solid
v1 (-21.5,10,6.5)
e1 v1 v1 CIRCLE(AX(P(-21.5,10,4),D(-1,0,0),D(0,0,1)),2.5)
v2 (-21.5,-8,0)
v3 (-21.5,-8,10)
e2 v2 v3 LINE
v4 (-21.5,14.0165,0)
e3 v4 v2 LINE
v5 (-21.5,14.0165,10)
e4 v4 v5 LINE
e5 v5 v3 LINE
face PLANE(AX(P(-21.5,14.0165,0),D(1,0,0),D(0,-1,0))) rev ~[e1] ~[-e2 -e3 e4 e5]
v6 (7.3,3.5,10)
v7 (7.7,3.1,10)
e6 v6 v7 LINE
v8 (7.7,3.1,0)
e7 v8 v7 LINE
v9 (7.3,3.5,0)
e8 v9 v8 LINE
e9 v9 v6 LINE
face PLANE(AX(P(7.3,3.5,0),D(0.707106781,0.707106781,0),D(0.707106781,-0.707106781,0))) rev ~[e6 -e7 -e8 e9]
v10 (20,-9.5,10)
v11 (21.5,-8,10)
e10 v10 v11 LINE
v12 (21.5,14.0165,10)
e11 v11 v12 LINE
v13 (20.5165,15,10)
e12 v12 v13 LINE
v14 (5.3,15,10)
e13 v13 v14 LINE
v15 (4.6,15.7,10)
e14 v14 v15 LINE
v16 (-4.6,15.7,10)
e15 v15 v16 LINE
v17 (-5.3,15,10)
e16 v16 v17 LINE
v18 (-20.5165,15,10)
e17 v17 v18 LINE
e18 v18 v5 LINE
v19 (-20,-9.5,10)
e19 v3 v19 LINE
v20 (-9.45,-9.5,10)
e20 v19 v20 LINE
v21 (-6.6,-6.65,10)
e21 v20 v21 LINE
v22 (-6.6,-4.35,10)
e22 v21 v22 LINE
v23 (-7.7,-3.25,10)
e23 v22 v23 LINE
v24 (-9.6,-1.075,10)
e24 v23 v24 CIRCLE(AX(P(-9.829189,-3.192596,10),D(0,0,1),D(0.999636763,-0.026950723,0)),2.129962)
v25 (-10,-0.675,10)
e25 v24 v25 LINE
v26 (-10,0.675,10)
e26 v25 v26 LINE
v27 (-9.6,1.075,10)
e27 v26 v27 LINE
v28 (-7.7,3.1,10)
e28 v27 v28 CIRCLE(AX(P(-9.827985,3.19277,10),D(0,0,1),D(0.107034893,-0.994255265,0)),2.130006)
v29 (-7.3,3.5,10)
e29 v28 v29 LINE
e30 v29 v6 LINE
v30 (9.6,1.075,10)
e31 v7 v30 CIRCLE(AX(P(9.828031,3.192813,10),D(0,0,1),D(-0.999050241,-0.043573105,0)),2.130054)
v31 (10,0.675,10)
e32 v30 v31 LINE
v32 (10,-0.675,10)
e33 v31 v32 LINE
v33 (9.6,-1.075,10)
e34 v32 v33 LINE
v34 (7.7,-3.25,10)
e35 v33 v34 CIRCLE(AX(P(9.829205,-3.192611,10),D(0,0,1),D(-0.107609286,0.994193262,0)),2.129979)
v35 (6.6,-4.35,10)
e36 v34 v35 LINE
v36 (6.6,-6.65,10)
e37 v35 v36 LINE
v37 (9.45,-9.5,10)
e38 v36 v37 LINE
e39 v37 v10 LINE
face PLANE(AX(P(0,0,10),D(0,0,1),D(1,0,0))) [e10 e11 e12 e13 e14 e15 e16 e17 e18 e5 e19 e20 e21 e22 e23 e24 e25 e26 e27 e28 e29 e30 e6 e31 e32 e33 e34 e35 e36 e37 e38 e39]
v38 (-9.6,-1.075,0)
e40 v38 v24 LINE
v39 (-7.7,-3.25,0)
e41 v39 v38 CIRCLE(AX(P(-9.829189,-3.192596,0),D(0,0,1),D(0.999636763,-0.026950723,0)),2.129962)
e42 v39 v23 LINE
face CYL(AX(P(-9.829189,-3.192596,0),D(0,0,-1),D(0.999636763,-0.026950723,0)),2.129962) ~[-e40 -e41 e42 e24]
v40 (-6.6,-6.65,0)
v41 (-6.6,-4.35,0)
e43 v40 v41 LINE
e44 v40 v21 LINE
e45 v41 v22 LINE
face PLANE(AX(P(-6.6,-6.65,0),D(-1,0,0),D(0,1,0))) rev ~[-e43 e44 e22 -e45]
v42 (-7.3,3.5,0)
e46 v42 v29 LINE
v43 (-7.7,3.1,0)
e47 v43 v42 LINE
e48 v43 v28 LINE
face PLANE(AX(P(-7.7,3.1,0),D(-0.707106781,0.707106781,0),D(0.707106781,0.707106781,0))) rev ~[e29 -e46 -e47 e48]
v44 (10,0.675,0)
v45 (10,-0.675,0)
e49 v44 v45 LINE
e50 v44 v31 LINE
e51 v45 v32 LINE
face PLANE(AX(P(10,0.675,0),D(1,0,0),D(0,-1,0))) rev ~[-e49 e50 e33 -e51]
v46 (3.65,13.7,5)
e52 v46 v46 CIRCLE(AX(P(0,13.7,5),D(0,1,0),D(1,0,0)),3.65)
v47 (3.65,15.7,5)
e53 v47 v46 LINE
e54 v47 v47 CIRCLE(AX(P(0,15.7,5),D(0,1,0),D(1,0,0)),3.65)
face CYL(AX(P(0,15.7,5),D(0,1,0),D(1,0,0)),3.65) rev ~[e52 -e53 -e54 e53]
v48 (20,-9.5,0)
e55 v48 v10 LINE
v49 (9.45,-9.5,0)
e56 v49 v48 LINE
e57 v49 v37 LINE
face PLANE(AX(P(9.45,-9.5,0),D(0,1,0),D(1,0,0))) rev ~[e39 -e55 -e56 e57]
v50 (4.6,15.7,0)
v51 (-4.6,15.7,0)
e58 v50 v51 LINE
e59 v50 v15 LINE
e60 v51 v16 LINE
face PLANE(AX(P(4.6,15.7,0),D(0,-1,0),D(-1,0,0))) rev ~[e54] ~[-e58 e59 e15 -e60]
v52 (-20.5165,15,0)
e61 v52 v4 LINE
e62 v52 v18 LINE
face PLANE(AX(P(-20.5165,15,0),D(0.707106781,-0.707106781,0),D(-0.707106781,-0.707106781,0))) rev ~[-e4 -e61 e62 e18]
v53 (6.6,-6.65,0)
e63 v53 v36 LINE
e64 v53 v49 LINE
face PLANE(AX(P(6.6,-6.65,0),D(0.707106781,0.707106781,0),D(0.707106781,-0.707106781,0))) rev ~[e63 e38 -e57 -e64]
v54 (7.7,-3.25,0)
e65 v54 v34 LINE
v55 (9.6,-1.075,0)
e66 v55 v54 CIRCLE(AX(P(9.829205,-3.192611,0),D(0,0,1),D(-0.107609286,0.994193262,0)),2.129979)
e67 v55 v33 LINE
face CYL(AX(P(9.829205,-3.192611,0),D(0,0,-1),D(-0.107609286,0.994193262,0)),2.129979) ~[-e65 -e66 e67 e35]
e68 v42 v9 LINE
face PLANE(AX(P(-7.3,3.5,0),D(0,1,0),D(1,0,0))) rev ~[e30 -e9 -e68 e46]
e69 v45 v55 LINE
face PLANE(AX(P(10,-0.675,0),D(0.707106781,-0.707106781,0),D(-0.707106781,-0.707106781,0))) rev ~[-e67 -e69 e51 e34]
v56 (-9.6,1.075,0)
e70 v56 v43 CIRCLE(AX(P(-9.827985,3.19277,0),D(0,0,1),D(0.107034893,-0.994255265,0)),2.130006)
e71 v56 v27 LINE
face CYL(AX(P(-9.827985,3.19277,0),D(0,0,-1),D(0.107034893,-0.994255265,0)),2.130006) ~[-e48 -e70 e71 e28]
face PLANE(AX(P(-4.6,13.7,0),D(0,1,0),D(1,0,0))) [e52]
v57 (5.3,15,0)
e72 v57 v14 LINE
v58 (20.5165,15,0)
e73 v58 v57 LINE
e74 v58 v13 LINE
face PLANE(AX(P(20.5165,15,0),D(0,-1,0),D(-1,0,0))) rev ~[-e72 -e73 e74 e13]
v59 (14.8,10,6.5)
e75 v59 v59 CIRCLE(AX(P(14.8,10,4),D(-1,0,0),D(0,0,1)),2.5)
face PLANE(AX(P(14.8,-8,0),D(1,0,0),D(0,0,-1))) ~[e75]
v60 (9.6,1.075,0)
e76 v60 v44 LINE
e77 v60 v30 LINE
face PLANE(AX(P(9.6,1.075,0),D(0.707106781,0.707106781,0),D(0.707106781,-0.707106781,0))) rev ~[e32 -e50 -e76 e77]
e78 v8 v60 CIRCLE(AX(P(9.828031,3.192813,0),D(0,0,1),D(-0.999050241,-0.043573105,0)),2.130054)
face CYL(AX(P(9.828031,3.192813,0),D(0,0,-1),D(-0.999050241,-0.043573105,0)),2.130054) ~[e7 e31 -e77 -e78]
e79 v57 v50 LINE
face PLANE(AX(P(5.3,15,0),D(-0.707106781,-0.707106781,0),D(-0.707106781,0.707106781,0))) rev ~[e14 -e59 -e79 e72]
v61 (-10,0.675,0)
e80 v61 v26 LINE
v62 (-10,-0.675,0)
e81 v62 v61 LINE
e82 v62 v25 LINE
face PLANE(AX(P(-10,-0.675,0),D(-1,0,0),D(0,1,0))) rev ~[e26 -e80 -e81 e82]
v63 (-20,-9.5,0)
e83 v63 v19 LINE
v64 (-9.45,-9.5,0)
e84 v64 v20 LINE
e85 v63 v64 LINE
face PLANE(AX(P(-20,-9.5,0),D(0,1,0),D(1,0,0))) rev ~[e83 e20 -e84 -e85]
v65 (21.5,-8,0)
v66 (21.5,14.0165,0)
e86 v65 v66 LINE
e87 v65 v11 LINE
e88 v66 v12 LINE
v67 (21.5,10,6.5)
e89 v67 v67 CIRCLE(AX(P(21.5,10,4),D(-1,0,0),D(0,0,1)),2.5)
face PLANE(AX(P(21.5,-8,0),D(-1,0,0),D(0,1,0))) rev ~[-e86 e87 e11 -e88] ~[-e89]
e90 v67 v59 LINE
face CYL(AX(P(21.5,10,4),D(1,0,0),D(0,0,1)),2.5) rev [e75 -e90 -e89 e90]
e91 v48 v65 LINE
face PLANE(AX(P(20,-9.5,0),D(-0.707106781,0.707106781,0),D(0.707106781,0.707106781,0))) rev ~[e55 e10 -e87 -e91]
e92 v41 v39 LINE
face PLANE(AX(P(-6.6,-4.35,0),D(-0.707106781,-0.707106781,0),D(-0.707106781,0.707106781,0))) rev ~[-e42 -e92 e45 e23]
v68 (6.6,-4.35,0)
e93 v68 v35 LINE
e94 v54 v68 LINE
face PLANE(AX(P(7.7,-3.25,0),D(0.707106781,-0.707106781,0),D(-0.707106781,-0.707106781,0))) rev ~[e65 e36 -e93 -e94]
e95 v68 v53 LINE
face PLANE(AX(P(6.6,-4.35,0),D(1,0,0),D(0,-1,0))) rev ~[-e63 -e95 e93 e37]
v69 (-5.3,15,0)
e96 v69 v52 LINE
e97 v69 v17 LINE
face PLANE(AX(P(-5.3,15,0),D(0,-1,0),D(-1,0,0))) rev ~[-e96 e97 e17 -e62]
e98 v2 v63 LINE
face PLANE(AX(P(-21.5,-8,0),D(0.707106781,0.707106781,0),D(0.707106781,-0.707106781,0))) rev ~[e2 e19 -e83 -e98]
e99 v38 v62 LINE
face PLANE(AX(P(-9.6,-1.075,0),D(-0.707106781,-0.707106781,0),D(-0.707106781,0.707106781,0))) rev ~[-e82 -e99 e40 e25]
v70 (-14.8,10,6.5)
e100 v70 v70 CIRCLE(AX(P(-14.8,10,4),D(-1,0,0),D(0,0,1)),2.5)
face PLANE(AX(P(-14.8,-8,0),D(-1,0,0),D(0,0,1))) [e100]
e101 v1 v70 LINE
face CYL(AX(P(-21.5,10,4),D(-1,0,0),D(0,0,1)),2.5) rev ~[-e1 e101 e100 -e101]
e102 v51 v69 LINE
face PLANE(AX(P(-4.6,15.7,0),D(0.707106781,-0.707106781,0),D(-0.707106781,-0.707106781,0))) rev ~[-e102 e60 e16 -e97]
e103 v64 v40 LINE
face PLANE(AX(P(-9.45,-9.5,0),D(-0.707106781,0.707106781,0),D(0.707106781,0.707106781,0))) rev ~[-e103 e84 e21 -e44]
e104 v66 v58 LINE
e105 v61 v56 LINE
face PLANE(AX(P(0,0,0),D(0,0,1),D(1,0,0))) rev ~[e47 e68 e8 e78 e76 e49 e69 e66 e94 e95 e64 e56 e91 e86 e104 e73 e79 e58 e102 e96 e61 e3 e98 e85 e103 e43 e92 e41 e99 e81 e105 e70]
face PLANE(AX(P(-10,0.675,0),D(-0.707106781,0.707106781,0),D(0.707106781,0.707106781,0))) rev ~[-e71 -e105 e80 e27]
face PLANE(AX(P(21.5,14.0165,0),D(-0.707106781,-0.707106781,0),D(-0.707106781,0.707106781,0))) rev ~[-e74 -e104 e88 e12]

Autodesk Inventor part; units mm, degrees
ref_plane "YZ Plane" through (0, 0, 0) normal (1, 0, 0) x (0, 1, 0)
ref_plane "XZ Plane" through (0, 0, 0) normal (0, 1, 0) x (-1, 0, 0)
ref_plane "XY Plane" through (0, 0, 0) normal (0, 0, 1) x (1, 0, 0)
sketch "Sketch1" plane through (0, 0, 0) normal (0, 0, 1) x (1, 0, 0)
  line L0 (-5.3, 15) -> (-20.5165, 15)
  line L1 (-4.6, 15.7) -> (-5.3, 15)
  line L2 (4.6, 15.7) -> (-4.6, 15.7)
  line L3 (5.3, 15) -> (4.6, 15.7)
  line L4 (20.5165, 15) -> (5.3, 15)
  line L5 (21.5, 14.0165) -> (20.5165, 15)
  line L6 (21.5, -8) -> (21.5, 14.0165)
  line L7 (20, -9.5) -> (21.5, -8)
  line L8 (9.45, -9.5) -> (20, -9.5)
  line L9 (6.6, -6.65) -> (9.45, -9.5)
  line L10 (6.6, -4.35) -> (6.6, -6.65)
  line L11 (7.7, -3.25) -> (6.6, -4.35)
  arc A0 (9.6, -1.075) -> (7.7, -3.25) centre (9.8292, -3.1926) ccw
  line L12 (10, -0.675) -> (9.6, -1.075)
  line L13 (10, 0.675) -> (10, -0.675)
  line L14 (9.6, 1.075) -> (10, 0.675)
  arc A1 (7.7, 3.1) -> (9.6, 1.075) centre (9.828, 3.1928) ccw
  line L15 (7.3, 3.5) -> (7.7, 3.1)
  line L16 (-7.3, 3.5) -> (7.3, 3.5)
  line L17 (-7.7, 3.1) -> (-7.3, 3.5)
  arc A2 (-9.6, 1.075) -> (-7.7, 3.1) centre (-9.828, 3.1928) ccw
  line L18 (-10, 0.675) -> (-9.6, 1.075)
  line L19 (-10, -0.675) -> (-10, 0.675)
  line L20 (-9.6, -1.075) -> (-10, -0.675)
  arc A3 (-7.7, -3.25) -> (-9.6, -1.075) centre (-9.8292, -3.1926) ccw
  line L21 (-6.6, -4.35) -> (-7.7, -3.25)
  line L22 (-6.6, -6.65) -> (-6.6, -4.35)
  line L23 (-9.45, -9.5) -> (-6.6, -6.65)
  line L24 (-20, -9.5) -> (-9.45, -9.5)
  line L25 (-21.5, -8) -> (-20, -9.5)
  line L26 (-21.5, 14.0165) -> (-21.5, -8)
  line L27 (-20.5165, 15) -> (-21.5, 14.0165)
  point P0 (0, 0)
  point P1 (0, 0)
extrude "Extrusion1" add sketch "Sketch1" along normal blind 10
sketch "Sketch2" plane through (-21.5, -8, 0) normal (-1, 0, 0) x (0, 0, 1)
  line L0 (0, 22.0165) -> (0, 0) projected
  line L1 (0, 0) -> (10, 0) projected
  line L2 (10, 22.0165) -> (10, 0) projected
  line L3 (0, 22.0165) -> (10, 22.0165) projected
  line L4 (10, 0) -> (10, 22.0165)
  line L5 (0, 22.0165) -> (10, 22.0165)
  line L6 (0, 0) -> (0, 22.0165)
  line L7 (0, 0) -> (10, 0)
  circle A0 centre (4, 18) radius 2.5
  point P0 (0, 8)
extrude "Extrusion2" cut sketch "Sketch2" against normal blind 6.7 contours A0
mirror "Mirror1" about plane through (0, 0, 0) normal (1, 0, 0) of "Extrusion2"
sketch "Sketch3" plane through (-4.6, 15.7, 0) normal (0, 1, 0) x (1, 0, 0)
  line L0 (9.2, 0) -> (0, 0) projected
  line L1 (0, 0) -> (0, -10) projected
  line L2 (9.2, -10) -> (0, -10) projected
  line L3 (9.2, 0) -> (9.2, -10) projected
  line L4 (0, -10) -> (9.2, -10)
  line L5 (9.2, 0) -> (9.2, -10)
  line L6 (0, 0) -> (9.2, 0)
  line L7 (0, 0) -> (0, -10)
  circle A0 centre (4.6, -5) radius 3.65
  point P0 (4.6, 0)
extrude "Extrusion3" cut sketch "Sketch3" against normal blind 2 contours A0
properties part number "HGR20B"
